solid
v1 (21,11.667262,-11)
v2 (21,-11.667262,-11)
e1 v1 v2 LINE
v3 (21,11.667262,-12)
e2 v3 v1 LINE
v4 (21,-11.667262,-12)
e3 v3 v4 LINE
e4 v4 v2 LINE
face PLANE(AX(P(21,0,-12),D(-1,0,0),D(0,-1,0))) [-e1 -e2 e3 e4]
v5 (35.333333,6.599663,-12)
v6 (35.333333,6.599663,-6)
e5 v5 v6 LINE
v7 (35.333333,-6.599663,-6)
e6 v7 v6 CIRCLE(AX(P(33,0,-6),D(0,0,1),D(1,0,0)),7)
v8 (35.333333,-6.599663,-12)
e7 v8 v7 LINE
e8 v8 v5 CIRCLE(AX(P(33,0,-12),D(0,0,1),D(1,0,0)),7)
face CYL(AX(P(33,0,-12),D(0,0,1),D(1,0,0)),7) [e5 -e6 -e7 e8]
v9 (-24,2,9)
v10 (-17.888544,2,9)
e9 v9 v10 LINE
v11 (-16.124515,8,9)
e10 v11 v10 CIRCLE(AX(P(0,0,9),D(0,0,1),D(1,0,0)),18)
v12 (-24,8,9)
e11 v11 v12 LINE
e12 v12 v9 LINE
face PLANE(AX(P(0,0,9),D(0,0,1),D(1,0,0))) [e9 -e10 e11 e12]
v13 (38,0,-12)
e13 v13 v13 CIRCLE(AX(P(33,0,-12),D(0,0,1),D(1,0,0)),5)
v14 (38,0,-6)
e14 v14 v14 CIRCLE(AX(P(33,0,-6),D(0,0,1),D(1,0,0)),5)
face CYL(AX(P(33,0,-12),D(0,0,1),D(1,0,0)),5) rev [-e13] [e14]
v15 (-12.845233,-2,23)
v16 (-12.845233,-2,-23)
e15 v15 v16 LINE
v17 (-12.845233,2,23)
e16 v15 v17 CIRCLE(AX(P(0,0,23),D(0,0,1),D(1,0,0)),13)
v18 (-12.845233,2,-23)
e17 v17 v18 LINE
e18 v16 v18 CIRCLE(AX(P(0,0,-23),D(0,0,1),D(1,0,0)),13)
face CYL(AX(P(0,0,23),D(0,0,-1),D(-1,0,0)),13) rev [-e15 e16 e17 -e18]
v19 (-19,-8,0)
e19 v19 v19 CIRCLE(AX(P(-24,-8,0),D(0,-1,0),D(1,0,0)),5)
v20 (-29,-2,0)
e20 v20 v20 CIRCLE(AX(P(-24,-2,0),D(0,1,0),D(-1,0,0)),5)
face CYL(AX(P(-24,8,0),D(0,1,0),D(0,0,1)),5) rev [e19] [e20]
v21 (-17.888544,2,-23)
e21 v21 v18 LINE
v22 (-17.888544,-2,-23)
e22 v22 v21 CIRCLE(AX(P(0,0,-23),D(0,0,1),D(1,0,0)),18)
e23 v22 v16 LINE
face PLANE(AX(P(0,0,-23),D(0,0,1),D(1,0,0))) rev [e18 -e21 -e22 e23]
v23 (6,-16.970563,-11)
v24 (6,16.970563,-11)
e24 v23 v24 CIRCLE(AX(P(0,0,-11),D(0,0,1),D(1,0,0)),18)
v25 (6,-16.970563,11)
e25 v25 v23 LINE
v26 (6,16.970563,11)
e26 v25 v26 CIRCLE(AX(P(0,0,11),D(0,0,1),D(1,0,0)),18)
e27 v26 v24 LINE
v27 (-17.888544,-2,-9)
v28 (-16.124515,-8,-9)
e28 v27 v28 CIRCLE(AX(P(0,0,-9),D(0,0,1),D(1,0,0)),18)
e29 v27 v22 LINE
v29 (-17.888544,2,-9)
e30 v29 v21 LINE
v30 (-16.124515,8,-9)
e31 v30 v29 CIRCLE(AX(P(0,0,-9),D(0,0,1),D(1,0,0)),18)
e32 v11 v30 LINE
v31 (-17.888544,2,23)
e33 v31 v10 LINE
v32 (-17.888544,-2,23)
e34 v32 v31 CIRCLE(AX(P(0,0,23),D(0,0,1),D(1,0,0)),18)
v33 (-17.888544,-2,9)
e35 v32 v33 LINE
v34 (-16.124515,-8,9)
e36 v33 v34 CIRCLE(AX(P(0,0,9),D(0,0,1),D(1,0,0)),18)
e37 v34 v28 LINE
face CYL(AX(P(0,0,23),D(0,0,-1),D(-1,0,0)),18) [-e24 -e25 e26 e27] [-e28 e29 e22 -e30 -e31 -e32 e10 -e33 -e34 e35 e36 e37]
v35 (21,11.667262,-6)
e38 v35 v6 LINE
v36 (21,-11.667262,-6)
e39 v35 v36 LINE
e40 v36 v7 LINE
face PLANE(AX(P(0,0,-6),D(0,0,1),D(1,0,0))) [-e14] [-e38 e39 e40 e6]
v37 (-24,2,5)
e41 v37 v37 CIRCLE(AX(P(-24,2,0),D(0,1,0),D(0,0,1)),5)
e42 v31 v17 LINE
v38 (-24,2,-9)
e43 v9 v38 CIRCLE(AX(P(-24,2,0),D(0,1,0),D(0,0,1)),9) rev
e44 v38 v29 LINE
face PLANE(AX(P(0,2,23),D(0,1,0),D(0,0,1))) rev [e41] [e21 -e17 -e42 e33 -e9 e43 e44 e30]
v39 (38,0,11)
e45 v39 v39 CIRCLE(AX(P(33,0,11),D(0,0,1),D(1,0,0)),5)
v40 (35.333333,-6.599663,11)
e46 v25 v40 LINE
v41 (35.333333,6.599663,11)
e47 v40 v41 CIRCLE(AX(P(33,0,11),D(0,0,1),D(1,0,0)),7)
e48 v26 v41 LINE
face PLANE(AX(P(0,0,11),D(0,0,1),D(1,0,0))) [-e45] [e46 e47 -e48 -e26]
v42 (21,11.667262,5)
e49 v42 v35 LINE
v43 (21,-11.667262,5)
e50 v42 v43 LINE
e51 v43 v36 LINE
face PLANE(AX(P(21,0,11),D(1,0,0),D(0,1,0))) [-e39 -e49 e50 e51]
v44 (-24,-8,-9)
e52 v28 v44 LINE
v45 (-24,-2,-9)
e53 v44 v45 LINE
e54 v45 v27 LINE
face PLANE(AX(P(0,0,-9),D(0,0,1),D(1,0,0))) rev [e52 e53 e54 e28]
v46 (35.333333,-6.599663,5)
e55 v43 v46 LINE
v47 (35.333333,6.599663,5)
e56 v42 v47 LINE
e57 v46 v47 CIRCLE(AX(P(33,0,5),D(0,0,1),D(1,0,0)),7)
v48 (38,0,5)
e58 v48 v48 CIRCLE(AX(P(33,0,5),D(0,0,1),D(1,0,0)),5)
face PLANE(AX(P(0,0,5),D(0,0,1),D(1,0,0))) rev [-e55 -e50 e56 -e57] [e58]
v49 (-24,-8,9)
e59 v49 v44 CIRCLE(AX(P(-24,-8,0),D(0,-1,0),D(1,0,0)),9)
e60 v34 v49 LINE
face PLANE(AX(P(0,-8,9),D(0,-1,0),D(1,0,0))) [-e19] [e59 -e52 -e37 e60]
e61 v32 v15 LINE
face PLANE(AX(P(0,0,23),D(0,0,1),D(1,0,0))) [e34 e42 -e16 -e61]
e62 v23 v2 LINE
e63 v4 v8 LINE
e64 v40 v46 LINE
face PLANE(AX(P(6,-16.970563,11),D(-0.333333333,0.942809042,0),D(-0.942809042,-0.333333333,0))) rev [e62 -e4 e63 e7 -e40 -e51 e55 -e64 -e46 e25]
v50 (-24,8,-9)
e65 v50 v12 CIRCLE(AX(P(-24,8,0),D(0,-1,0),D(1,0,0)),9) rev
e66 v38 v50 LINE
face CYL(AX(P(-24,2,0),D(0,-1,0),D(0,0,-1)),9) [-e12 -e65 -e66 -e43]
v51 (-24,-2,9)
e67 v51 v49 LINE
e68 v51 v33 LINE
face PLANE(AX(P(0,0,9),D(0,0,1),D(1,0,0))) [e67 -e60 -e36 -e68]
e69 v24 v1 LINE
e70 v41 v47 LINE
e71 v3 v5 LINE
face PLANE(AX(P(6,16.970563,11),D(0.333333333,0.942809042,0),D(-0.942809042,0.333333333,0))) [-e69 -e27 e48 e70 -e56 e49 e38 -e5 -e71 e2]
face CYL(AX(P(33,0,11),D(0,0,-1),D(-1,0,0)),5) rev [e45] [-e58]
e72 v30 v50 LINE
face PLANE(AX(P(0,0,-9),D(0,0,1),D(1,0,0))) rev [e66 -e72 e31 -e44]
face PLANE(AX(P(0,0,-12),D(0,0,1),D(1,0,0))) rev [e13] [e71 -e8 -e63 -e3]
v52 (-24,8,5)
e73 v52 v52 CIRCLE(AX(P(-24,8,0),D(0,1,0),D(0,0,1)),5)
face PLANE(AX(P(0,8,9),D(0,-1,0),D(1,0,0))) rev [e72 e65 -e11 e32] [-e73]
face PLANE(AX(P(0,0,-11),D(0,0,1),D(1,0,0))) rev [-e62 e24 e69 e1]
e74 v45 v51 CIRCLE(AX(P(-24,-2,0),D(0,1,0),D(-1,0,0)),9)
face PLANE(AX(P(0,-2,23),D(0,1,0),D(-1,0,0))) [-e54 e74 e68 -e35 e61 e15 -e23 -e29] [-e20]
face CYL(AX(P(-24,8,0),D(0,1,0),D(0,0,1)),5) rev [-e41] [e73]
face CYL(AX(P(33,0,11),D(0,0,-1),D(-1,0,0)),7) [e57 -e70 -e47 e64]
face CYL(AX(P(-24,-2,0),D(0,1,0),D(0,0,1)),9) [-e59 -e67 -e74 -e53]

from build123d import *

# Parameters (mm, degrees)
BOSS_EXTRUDE1_DEPTH    = 23
BOSS_EXTRUDE2_DEPTH    = 11
BOSS_EXTRUDE3_START    = 5
SKETCH1_4_R            = 5
BOSS_EXTRUDE3_DEPTH    = 6
BOSS_EXTRUDE4_START    = -12
SKETCH1_5_R            = 5
BOSS_EXTRUDE4_DEPTH    = 6
BOSS_EXTRUDE5_DEPTH    = 9
FILLET1_RADIUS         = 9
FILLET1_LENGTH         = 6
FILLET2_RADIUS         = 9
FILLET2_LENGTH         = 6
F_10_0MM_DOWEL_HOLE1_D = 10


with BuildPart() as part:
    # Sketch1 → Boss-Extrude1 (new, symmetric)
    with BuildSketch(Plane.XY):
        with BuildLine():
            ThreePointArc((6, 16.970562748), (-6.763446053, 16.681001094), (-16.124515497, 8))
            ThreePointArc((-16.124515497, 8), (-17.269106839, 5.077198931), (-17.88854382, 2))
            Line((-17.88854382, 2), (-12.845232579, 2))
            ThreePointArc((-12.845232579, 2), (13, 0), (-12.845232579, -2))
            Line((-12.845232579, -2), (-17.88854382, -2))
            ThreePointArc((-17.88854382, -2), (-17.269106839, -5.077198931), (-16.124515497, -8))
            ThreePointArc((-16.124515497, -8), (-6.763446053, -16.681001094), (6, -16.970562748))
            ThreePointArc((6, -16.970562748), (18, 0), (6, 16.970562748))
        make_face()
    extrude(amount=BOSS_EXTRUDE1_DEPTH, both=True)

    # Sketch1<3> → Boss-Extrude2 (add, symmetric)
    with BuildSketch(Plane.XY):
        with BuildLine():
            Line((21, 11.66726189), (6, 16.970562748))
            ThreePointArc((6, 16.970562748), (18, 0), (6, -16.970562748))
            Line((6, -16.970562748), (21, -11.66726189))
            Line((21, -11.66726189), (21, 11.66726189))
        make_face()
    extrude(amount=BOSS_EXTRUDE2_DEPTH, both=True)

    # Sketch1<4> → Boss-Extrude3 (add)
    with BuildSketch(Plane.XY.offset(BOSS_EXTRUDE3_START)):
        with BuildLine():
            Line((35.333333333, 6.599663291), (21, 11.66726189))
            Line((21, 11.66726189), (21, -11.66726189))
            Line((21, -11.66726189), (35.333333333, -6.599663291))
            ThreePointArc((35.333333333, -6.599663291), (40, 0), (35.333333333, 6.599663291))
        make_face()
        with Locations((33, 0)):
            Circle(SKETCH1_4_R, mode=Mode.SUBTRACT)
    extrude(amount=BOSS_EXTRUDE3_DEPTH)

    # Sketch1<5> → Boss-Extrude4 (add)
    with BuildSketch(Plane.XY.offset(BOSS_EXTRUDE4_START)):
        with BuildLine():
            Line((35.333333333, 6.599663291), (21, 11.66726189))
            Line((21, 11.66726189), (21, -11.66726189))
            Line((21, -11.66726189), (35.333333333, -6.599663291))
            ThreePointArc((35.333333333, -6.599663291), (40, 0), (35.333333333, 6.599663291))
        make_face()
        with Locations((33, 0)):
            Circle(SKETCH1_5_R, mode=Mode.SUBTRACT)
    extrude(amount=BOSS_EXTRUDE4_DEPTH)

    # Sketch1<6> → Boss-Extrude5 (add, symmetric)
    with BuildSketch(Plane.XY):
        with BuildLine():
            ThreePointArc((-17.88854382, 2), (-17.269106839, 5.077198931), (-16.124515497, 8))
            Line((-16.124515497, 8), (-33, 8))
            Line((-33, 8), (-33, 2))
            Line((-33, 2), (-17.88854382, 2))
        make_face()
        with BuildLine():
            Line((-33, -8), (-16.124515497, -8))
            ThreePointArc((-16.124515497, -8), (-17.269106839, -5.077198931), (-17.88854382, -2))
            Line((-17.88854382, -2), (-33, -2))
            Line((-33, -2), (-33, -8))
        make_face()
    extrude(amount=BOSS_EXTRUDE5_DEPTH, both=True)

    # Fillet1: full round fillet: the end face becomes a half cylinder, R = half its width
    fillet1_face = Plane((-33, 5, 0), x_dir=(0, -1, 0), z_dir=(-1, 0, 0))  # on the end face: x along it, z out of the body
    fillet1_slab = fillet1_face.offset(-FILLET1_RADIUS / 2) * Box(FILLET1_LENGTH, 2 * FILLET1_RADIUS, FILLET1_RADIUS, mode=Mode.PRIVATE)  # the body's end, R deep
    fillet1_round = Plane((-24, 5, 0), x_dir=(-1, 0, 0), z_dir=(0, -1, 0)) * Cylinder(FILLET1_RADIUS, FILLET1_LENGTH, mode=Mode.PRIVATE)  # its axis R under the face
    add(fillet1_slab - fillet1_round, mode=Mode.SUBTRACT)

    # Fillet2: full round fillet: the end face becomes a half cylinder, R = half its width
    fillet2_face = Plane((-33, -5, 0), x_dir=(0, 1, 0), z_dir=(-1, 0, 0))  # on the end face: x along it, z out of the body
    fillet2_slab = fillet2_face.offset(-FILLET2_RADIUS / 2) * Box(FILLET2_LENGTH, 2 * FILLET2_RADIUS, FILLET2_RADIUS, mode=Mode.PRIVATE)  # the body's end, R deep
    fillet2_round = Plane((-24, -5, 0), x_dir=(-1, 0, 0), z_dir=(0, 1, 0)) * Cylinder(FILLET2_RADIUS, FILLET2_LENGTH, mode=Mode.PRIVATE)  # its axis R under the face
    add(fillet2_slab - fillet2_round, mode=Mode.SUBTRACT)

    # Ø10.0mm Dowel Hole1 (through all)
    with Locations(Plane(origin=(-24, 8, 0), x_dir=(1, 0, 0), z_dir=(0, 1, 0))):
        with Locations((0, 0)):
            Hole(F_10_0MM_DOWEL_HOLE1_D / 2)


solid = part.part
